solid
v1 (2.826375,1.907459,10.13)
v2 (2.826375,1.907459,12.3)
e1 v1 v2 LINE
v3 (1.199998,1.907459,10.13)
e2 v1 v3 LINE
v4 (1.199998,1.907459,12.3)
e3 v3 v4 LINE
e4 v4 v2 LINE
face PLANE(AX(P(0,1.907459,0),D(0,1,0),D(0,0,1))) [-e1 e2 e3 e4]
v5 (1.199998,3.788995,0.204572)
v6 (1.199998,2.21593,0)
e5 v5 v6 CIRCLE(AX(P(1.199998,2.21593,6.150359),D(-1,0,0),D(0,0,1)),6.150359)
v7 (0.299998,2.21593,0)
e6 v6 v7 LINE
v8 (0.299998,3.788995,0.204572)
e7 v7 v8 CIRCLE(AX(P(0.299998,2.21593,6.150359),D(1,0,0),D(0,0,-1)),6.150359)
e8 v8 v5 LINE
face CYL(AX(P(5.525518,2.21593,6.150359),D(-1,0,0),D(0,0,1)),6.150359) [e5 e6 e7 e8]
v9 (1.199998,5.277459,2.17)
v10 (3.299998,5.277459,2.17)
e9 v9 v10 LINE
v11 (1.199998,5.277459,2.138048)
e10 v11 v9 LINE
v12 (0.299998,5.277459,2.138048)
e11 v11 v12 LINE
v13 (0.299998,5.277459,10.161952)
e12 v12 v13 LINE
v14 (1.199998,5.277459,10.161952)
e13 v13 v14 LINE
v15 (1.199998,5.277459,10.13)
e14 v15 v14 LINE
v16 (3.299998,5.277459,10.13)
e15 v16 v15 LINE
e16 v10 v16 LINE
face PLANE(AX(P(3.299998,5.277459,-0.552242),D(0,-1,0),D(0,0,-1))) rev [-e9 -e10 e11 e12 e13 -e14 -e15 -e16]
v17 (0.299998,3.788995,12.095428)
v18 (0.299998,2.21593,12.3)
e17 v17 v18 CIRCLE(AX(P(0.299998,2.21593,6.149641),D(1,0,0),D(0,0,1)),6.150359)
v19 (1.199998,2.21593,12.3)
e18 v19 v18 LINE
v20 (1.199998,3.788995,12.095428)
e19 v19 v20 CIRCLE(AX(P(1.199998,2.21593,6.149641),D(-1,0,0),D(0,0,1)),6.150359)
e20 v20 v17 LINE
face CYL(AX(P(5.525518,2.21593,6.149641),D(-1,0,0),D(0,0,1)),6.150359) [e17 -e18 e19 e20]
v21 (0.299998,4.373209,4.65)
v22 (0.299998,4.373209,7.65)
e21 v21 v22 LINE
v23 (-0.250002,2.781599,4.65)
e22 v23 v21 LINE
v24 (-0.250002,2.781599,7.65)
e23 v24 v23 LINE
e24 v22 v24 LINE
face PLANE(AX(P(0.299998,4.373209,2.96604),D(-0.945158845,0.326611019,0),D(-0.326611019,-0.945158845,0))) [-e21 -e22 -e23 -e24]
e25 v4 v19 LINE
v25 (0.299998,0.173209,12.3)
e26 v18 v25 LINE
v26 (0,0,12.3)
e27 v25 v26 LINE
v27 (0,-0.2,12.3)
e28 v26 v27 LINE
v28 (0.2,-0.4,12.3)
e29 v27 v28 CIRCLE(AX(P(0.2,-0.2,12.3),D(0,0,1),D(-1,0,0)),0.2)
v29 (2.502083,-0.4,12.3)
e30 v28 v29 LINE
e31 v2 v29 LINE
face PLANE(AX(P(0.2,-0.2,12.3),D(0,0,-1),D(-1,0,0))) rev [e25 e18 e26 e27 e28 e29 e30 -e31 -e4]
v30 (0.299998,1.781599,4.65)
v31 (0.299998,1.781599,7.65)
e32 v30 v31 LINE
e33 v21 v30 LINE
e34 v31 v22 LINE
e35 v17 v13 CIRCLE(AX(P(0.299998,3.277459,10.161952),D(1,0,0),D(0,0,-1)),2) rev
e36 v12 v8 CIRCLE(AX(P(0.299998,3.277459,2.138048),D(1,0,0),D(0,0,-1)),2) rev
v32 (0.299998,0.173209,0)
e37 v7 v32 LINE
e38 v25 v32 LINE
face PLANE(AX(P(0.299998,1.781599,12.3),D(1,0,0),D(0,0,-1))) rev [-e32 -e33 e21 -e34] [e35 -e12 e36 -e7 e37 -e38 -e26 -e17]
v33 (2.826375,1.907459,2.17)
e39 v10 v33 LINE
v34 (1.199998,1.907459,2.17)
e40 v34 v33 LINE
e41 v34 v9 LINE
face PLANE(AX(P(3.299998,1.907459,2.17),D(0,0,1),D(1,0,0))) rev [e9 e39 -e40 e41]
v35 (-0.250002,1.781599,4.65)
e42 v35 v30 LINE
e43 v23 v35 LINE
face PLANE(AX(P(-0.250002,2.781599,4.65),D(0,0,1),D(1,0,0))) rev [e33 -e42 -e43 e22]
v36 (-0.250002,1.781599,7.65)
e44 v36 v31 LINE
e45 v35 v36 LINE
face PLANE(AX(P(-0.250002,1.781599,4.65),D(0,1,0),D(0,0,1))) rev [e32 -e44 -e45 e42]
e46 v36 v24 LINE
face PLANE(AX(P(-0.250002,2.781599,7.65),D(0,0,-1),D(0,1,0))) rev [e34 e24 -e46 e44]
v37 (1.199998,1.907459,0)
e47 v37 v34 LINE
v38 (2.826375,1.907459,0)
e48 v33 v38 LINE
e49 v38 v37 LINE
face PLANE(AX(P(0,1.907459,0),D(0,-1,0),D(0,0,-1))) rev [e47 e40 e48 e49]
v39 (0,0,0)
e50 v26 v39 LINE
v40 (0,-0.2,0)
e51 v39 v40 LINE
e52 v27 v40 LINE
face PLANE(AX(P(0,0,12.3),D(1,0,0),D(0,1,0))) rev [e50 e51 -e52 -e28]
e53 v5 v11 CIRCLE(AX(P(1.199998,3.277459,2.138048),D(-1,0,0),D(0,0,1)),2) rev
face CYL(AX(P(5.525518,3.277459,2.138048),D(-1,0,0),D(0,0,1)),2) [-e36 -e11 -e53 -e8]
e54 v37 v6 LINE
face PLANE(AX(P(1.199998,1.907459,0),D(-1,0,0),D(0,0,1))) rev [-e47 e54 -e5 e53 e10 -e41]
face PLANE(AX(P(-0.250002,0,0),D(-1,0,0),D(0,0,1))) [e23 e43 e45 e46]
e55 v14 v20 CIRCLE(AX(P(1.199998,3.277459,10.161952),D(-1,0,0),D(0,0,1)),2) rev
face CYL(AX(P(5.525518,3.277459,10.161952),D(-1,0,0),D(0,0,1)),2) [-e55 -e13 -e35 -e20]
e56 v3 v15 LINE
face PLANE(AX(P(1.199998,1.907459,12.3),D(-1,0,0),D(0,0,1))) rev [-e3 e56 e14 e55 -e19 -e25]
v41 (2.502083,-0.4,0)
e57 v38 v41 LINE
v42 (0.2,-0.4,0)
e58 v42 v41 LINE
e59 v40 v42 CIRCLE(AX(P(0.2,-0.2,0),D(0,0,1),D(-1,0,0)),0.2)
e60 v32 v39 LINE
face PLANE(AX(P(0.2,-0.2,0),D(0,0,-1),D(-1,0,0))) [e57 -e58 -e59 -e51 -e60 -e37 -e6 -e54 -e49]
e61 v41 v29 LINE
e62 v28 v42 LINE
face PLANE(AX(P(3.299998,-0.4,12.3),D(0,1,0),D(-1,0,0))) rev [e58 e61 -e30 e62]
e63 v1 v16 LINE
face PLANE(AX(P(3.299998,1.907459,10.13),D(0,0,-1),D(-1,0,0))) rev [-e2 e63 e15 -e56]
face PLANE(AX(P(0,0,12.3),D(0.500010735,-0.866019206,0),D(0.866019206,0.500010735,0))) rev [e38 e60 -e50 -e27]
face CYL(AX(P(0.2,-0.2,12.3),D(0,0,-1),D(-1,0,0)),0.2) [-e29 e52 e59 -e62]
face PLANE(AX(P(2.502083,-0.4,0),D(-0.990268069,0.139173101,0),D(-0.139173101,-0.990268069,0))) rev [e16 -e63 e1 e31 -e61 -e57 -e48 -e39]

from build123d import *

# Parameters (mm, degrees)
BOSS_EXTRUDE1_DEPTH = 12.3
SKETCH2_W           = 2.1
SKETCH2_H           = 2.17
CUT_EXTRUDE1_DEPTH  = 4.2
CUT_EXTRUDE3_DEPTH  = 0.9
SKETCH5_W           = 3
SKETCH5_H           = 1
BOSS_EXTRUDE2_DEPTH = 0.55
BOSS_EXTRUDE3_DEPTH = 3
SKETCH7_W           = 13.013136742
SKETCH7_H           = 0.83
CUT_EXTRUDE4_DEPTH  = 15.056708453
FILLET1_R           = 2
CUT_EXTRUDE8_DEPTH  = 14.785193345


with BuildPart() as part:
    # Sketch1 → Boss-Extrude1 (new body)
    with BuildSketch(Plane.XY):
        with BuildLine():
            Line((0, 0), (0.299997713, 0.173208719))
            Line((0.299997713, 0.173208719), (0.299997713, 1.781598719))
            Line((0.299997713, 1.781598719), (0.299997713, 6.107458719))
            Line((0.299997713, 6.107458719), (3.299997713, 6.107458719))
            Line((3.299997713, 6.107458719), (3.299997713, 0.646828719))
            Line((3.299997713, 0.646828719), (3.299997713, -0.4))
            Line((3.299997713, -0.4), (0.2, -0.4))
            ThreePointArc((0.2, -0.4), (0.058578644, -0.341421356), (0, -0.2))
            Line((0, -0.2), (0, 0))
        make_face()
    extrude(amount=BOSS_EXTRUDE1_DEPTH)

    # Sketch2 → Cut-Extrude1 (cut)
    with BuildSketch(Plane(origin=(0, 6.107458719, 0), x_dir=(1, 0, 0), z_dir=(0, 1, 0))):
        with Locations((2.249997713, -1.085)):
            Rectangle(SKETCH2_W, SKETCH2_H)
        with Locations((2.249997713, -11.215)):
            Rectangle(SKETCH2_W, SKETCH2_H)
    extrude(amount=-CUT_EXTRUDE1_DEPTH, mode=Mode.SUBTRACT)

    # Sketch4 → Cut-Extrude3 (cut)
    with BuildSketch(Plane.ZY.offset(-0.299997713)):
        with BuildLine():
            Line((10.41158, 6.107458719), (12.3, 6.107458719))
            Line((12.3, 6.107458719), (12.3, 2.215929667))
            ThreePointArc((12.3, 2.215929667), (12.02880398, 4.022129667), (11.23913234, 5.669043272))
            ThreePointArc((11.23913234, 5.669043272), (10.879869522, 5.991150317), (10.41158, 6.107458719))
        make_face()
        with BuildLine():
            Line((1.88842, 6.107458719), (0, 6.107458719))
            Line((0, 6.107458719), (0, 2.215929667))
            ThreePointArc((0, 2.215929667), (0.27119602, 4.022129667), (1.06086766, 5.669043272))
            ThreePointArc((1.06086766, 5.669043272), (1.420130478, 5.991150317), (1.88842, 6.107458719))
        make_face()
    extrude(amount=-CUT_EXTRUDE3_DEPTH, mode=Mode.SUBTRACT)

    # Sketch5 → Boss-Extrude2 (add)
    with BuildSketch(Plane.ZY.offset(-0.299997713)):
        with Locations((6.15, 2.281598719)):
            Rectangle(SKETCH5_W, SKETCH5_H)
    extrude(amount=BOSS_EXTRUDE2_DEPTH)

    # Sketch6 → Boss-Extrude3 (add)
    with BuildSketch(Plane.XY.offset(7.65)):
        Polygon((0.299997713, 2.781598719), (0.299997713, 4.373208719), (-0.250002287, 2.781598719), align=None)
    extrude(amount=-BOSS_EXTRUDE3_DEPTH)

    # Sketch7 → Cut-Extrude4 (cut, through all)
    with BuildSketch(Plane.ZY.offset(-0.299997713)):
        with Locations((5.954326159, 5.69245873)):
            Rectangle(SKETCH7_W, SKETCH7_H)
    extrude(amount=-CUT_EXTRUDE4_DEPTH, mode=Mode.SUBTRACT)

    # Fillet1
    fillet1_edges = [part.edges().sort_by_distance(p)[0] for p in [
        (0.749997713, 5.27745873, 0.816134079),
        (0.749997713, 5.27745873, 11.483865921),
    ]]
    fillet(fillet1_edges, radius=FILLET1_R)

    # Sketch16 → Cut-Extrude8 (cut, through all)
    with BuildSketch(Plane.XY.offset(12.3)):
        Polygon((3.299997713, 5.27745873), (3.299997713, -0.4), (2.502082924, -0.4), align=None)
    extrude(amount=-CUT_EXTRUDE8_DEPTH, mode=Mode.SUBTRACT)


solid = part.part
